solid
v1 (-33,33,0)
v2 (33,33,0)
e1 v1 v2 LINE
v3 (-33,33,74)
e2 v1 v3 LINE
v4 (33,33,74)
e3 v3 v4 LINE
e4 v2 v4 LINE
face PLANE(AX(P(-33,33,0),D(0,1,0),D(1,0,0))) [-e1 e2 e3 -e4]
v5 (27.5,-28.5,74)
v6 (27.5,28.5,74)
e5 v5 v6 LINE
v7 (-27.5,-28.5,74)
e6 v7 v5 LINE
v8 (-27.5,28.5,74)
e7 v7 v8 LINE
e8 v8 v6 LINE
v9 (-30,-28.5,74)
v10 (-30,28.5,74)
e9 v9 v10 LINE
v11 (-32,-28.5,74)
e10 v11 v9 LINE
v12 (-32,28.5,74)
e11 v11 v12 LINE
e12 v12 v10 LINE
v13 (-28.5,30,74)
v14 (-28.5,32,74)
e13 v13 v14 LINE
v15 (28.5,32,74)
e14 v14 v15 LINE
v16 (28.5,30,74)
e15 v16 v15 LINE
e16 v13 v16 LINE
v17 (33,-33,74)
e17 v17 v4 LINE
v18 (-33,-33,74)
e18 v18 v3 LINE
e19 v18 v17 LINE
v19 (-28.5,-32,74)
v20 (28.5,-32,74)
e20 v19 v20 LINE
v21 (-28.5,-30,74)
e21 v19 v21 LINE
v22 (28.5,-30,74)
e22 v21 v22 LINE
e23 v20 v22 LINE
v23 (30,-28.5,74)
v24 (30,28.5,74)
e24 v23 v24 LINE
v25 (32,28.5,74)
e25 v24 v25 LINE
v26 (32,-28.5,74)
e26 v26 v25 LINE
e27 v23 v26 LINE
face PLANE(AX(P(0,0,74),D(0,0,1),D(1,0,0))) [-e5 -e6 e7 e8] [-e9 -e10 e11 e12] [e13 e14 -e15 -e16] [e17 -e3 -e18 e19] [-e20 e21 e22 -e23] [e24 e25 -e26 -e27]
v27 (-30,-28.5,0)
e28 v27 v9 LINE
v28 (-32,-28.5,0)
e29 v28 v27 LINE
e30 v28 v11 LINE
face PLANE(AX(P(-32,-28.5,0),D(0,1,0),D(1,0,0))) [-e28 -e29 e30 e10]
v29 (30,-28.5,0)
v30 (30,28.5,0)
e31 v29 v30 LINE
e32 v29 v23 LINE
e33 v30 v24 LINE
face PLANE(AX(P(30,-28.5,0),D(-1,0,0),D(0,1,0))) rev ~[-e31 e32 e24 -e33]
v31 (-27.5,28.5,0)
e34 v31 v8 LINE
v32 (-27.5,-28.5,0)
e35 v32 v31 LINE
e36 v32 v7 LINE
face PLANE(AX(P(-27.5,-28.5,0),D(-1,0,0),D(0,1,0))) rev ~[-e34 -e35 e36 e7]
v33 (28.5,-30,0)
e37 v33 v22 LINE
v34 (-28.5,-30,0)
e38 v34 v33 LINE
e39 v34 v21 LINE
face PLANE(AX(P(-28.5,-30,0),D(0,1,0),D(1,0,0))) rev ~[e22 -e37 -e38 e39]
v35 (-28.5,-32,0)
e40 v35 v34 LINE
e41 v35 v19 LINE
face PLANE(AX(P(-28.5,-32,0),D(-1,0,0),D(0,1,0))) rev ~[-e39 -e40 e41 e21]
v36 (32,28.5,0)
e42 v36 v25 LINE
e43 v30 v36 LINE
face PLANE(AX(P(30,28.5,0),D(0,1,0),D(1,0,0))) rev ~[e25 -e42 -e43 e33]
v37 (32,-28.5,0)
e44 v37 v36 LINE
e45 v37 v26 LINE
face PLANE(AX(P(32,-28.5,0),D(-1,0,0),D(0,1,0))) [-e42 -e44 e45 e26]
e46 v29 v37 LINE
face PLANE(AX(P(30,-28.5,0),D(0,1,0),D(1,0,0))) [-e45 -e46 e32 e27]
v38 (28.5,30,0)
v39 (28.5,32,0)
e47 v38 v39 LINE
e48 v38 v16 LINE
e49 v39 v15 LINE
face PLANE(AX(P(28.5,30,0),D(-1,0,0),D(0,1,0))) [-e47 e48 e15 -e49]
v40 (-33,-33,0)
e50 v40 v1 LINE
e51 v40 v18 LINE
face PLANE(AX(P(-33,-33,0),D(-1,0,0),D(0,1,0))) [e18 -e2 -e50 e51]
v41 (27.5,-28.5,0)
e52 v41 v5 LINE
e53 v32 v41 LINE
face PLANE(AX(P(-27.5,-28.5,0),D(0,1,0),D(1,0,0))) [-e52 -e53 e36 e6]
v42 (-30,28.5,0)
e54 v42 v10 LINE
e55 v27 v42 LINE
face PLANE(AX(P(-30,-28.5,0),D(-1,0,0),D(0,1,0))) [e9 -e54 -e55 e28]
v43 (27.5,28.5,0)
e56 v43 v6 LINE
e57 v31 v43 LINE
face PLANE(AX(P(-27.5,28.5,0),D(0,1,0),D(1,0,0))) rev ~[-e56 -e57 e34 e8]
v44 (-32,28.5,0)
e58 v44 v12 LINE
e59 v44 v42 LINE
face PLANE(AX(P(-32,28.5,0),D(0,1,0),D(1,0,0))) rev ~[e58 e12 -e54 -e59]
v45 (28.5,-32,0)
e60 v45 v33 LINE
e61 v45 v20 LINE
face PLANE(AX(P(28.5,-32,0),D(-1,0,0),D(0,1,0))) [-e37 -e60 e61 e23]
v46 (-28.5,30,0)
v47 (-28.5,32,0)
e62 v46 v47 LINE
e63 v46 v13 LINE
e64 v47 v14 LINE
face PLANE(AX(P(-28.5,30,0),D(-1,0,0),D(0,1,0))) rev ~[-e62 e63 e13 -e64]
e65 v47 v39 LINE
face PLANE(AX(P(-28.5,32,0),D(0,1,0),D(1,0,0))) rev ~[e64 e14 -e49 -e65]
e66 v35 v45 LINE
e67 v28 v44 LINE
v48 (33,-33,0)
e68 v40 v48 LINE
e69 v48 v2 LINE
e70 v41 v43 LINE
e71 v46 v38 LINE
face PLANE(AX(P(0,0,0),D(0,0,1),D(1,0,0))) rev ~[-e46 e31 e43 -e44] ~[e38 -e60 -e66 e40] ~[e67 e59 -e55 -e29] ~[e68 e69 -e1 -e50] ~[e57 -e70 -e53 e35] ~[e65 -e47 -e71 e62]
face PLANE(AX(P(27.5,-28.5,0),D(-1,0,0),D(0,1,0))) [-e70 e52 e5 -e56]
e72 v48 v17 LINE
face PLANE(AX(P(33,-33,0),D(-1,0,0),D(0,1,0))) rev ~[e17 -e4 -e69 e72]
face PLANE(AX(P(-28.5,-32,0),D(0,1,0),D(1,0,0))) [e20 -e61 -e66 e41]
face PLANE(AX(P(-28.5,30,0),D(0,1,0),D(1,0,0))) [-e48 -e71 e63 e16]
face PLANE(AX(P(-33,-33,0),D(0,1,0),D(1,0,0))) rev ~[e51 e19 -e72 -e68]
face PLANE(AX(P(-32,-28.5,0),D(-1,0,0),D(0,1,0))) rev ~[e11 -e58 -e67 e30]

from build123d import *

# Parameters (mm, degrees)
F0_W     = 66
F0_H     = 66
F0_W_2   = 57
F0_H_2   = 2
F0_W_3   = 2
F0_H_3   = 57
F0_W_4   = 55
F1_DEPTH = 74


with BuildPart() as f1:
    # F0 (on Top) → F1 (new body)
    with BuildSketch(Plane.XY):
        Rectangle(F0_W, F0_H)
        with Locations((0, -31)):
            Rectangle(F0_W_2, F0_H_2, mode=Mode.SUBTRACT)
        with Locations((-31, 0)):
            Rectangle(F0_W_3, F0_H_3, mode=Mode.SUBTRACT)
        Rectangle(F0_W_4, F0_H_3, mode=Mode.SUBTRACT)
        with Locations((31, 0)):
            Rectangle(F0_W_3, F0_H_3, mode=Mode.SUBTRACT)
        with Locations((0, 31)):
            Rectangle(F0_W_2, F0_H_2, mode=Mode.SUBTRACT)
    extrude(amount=F1_DEPTH)


solid = f1.part
